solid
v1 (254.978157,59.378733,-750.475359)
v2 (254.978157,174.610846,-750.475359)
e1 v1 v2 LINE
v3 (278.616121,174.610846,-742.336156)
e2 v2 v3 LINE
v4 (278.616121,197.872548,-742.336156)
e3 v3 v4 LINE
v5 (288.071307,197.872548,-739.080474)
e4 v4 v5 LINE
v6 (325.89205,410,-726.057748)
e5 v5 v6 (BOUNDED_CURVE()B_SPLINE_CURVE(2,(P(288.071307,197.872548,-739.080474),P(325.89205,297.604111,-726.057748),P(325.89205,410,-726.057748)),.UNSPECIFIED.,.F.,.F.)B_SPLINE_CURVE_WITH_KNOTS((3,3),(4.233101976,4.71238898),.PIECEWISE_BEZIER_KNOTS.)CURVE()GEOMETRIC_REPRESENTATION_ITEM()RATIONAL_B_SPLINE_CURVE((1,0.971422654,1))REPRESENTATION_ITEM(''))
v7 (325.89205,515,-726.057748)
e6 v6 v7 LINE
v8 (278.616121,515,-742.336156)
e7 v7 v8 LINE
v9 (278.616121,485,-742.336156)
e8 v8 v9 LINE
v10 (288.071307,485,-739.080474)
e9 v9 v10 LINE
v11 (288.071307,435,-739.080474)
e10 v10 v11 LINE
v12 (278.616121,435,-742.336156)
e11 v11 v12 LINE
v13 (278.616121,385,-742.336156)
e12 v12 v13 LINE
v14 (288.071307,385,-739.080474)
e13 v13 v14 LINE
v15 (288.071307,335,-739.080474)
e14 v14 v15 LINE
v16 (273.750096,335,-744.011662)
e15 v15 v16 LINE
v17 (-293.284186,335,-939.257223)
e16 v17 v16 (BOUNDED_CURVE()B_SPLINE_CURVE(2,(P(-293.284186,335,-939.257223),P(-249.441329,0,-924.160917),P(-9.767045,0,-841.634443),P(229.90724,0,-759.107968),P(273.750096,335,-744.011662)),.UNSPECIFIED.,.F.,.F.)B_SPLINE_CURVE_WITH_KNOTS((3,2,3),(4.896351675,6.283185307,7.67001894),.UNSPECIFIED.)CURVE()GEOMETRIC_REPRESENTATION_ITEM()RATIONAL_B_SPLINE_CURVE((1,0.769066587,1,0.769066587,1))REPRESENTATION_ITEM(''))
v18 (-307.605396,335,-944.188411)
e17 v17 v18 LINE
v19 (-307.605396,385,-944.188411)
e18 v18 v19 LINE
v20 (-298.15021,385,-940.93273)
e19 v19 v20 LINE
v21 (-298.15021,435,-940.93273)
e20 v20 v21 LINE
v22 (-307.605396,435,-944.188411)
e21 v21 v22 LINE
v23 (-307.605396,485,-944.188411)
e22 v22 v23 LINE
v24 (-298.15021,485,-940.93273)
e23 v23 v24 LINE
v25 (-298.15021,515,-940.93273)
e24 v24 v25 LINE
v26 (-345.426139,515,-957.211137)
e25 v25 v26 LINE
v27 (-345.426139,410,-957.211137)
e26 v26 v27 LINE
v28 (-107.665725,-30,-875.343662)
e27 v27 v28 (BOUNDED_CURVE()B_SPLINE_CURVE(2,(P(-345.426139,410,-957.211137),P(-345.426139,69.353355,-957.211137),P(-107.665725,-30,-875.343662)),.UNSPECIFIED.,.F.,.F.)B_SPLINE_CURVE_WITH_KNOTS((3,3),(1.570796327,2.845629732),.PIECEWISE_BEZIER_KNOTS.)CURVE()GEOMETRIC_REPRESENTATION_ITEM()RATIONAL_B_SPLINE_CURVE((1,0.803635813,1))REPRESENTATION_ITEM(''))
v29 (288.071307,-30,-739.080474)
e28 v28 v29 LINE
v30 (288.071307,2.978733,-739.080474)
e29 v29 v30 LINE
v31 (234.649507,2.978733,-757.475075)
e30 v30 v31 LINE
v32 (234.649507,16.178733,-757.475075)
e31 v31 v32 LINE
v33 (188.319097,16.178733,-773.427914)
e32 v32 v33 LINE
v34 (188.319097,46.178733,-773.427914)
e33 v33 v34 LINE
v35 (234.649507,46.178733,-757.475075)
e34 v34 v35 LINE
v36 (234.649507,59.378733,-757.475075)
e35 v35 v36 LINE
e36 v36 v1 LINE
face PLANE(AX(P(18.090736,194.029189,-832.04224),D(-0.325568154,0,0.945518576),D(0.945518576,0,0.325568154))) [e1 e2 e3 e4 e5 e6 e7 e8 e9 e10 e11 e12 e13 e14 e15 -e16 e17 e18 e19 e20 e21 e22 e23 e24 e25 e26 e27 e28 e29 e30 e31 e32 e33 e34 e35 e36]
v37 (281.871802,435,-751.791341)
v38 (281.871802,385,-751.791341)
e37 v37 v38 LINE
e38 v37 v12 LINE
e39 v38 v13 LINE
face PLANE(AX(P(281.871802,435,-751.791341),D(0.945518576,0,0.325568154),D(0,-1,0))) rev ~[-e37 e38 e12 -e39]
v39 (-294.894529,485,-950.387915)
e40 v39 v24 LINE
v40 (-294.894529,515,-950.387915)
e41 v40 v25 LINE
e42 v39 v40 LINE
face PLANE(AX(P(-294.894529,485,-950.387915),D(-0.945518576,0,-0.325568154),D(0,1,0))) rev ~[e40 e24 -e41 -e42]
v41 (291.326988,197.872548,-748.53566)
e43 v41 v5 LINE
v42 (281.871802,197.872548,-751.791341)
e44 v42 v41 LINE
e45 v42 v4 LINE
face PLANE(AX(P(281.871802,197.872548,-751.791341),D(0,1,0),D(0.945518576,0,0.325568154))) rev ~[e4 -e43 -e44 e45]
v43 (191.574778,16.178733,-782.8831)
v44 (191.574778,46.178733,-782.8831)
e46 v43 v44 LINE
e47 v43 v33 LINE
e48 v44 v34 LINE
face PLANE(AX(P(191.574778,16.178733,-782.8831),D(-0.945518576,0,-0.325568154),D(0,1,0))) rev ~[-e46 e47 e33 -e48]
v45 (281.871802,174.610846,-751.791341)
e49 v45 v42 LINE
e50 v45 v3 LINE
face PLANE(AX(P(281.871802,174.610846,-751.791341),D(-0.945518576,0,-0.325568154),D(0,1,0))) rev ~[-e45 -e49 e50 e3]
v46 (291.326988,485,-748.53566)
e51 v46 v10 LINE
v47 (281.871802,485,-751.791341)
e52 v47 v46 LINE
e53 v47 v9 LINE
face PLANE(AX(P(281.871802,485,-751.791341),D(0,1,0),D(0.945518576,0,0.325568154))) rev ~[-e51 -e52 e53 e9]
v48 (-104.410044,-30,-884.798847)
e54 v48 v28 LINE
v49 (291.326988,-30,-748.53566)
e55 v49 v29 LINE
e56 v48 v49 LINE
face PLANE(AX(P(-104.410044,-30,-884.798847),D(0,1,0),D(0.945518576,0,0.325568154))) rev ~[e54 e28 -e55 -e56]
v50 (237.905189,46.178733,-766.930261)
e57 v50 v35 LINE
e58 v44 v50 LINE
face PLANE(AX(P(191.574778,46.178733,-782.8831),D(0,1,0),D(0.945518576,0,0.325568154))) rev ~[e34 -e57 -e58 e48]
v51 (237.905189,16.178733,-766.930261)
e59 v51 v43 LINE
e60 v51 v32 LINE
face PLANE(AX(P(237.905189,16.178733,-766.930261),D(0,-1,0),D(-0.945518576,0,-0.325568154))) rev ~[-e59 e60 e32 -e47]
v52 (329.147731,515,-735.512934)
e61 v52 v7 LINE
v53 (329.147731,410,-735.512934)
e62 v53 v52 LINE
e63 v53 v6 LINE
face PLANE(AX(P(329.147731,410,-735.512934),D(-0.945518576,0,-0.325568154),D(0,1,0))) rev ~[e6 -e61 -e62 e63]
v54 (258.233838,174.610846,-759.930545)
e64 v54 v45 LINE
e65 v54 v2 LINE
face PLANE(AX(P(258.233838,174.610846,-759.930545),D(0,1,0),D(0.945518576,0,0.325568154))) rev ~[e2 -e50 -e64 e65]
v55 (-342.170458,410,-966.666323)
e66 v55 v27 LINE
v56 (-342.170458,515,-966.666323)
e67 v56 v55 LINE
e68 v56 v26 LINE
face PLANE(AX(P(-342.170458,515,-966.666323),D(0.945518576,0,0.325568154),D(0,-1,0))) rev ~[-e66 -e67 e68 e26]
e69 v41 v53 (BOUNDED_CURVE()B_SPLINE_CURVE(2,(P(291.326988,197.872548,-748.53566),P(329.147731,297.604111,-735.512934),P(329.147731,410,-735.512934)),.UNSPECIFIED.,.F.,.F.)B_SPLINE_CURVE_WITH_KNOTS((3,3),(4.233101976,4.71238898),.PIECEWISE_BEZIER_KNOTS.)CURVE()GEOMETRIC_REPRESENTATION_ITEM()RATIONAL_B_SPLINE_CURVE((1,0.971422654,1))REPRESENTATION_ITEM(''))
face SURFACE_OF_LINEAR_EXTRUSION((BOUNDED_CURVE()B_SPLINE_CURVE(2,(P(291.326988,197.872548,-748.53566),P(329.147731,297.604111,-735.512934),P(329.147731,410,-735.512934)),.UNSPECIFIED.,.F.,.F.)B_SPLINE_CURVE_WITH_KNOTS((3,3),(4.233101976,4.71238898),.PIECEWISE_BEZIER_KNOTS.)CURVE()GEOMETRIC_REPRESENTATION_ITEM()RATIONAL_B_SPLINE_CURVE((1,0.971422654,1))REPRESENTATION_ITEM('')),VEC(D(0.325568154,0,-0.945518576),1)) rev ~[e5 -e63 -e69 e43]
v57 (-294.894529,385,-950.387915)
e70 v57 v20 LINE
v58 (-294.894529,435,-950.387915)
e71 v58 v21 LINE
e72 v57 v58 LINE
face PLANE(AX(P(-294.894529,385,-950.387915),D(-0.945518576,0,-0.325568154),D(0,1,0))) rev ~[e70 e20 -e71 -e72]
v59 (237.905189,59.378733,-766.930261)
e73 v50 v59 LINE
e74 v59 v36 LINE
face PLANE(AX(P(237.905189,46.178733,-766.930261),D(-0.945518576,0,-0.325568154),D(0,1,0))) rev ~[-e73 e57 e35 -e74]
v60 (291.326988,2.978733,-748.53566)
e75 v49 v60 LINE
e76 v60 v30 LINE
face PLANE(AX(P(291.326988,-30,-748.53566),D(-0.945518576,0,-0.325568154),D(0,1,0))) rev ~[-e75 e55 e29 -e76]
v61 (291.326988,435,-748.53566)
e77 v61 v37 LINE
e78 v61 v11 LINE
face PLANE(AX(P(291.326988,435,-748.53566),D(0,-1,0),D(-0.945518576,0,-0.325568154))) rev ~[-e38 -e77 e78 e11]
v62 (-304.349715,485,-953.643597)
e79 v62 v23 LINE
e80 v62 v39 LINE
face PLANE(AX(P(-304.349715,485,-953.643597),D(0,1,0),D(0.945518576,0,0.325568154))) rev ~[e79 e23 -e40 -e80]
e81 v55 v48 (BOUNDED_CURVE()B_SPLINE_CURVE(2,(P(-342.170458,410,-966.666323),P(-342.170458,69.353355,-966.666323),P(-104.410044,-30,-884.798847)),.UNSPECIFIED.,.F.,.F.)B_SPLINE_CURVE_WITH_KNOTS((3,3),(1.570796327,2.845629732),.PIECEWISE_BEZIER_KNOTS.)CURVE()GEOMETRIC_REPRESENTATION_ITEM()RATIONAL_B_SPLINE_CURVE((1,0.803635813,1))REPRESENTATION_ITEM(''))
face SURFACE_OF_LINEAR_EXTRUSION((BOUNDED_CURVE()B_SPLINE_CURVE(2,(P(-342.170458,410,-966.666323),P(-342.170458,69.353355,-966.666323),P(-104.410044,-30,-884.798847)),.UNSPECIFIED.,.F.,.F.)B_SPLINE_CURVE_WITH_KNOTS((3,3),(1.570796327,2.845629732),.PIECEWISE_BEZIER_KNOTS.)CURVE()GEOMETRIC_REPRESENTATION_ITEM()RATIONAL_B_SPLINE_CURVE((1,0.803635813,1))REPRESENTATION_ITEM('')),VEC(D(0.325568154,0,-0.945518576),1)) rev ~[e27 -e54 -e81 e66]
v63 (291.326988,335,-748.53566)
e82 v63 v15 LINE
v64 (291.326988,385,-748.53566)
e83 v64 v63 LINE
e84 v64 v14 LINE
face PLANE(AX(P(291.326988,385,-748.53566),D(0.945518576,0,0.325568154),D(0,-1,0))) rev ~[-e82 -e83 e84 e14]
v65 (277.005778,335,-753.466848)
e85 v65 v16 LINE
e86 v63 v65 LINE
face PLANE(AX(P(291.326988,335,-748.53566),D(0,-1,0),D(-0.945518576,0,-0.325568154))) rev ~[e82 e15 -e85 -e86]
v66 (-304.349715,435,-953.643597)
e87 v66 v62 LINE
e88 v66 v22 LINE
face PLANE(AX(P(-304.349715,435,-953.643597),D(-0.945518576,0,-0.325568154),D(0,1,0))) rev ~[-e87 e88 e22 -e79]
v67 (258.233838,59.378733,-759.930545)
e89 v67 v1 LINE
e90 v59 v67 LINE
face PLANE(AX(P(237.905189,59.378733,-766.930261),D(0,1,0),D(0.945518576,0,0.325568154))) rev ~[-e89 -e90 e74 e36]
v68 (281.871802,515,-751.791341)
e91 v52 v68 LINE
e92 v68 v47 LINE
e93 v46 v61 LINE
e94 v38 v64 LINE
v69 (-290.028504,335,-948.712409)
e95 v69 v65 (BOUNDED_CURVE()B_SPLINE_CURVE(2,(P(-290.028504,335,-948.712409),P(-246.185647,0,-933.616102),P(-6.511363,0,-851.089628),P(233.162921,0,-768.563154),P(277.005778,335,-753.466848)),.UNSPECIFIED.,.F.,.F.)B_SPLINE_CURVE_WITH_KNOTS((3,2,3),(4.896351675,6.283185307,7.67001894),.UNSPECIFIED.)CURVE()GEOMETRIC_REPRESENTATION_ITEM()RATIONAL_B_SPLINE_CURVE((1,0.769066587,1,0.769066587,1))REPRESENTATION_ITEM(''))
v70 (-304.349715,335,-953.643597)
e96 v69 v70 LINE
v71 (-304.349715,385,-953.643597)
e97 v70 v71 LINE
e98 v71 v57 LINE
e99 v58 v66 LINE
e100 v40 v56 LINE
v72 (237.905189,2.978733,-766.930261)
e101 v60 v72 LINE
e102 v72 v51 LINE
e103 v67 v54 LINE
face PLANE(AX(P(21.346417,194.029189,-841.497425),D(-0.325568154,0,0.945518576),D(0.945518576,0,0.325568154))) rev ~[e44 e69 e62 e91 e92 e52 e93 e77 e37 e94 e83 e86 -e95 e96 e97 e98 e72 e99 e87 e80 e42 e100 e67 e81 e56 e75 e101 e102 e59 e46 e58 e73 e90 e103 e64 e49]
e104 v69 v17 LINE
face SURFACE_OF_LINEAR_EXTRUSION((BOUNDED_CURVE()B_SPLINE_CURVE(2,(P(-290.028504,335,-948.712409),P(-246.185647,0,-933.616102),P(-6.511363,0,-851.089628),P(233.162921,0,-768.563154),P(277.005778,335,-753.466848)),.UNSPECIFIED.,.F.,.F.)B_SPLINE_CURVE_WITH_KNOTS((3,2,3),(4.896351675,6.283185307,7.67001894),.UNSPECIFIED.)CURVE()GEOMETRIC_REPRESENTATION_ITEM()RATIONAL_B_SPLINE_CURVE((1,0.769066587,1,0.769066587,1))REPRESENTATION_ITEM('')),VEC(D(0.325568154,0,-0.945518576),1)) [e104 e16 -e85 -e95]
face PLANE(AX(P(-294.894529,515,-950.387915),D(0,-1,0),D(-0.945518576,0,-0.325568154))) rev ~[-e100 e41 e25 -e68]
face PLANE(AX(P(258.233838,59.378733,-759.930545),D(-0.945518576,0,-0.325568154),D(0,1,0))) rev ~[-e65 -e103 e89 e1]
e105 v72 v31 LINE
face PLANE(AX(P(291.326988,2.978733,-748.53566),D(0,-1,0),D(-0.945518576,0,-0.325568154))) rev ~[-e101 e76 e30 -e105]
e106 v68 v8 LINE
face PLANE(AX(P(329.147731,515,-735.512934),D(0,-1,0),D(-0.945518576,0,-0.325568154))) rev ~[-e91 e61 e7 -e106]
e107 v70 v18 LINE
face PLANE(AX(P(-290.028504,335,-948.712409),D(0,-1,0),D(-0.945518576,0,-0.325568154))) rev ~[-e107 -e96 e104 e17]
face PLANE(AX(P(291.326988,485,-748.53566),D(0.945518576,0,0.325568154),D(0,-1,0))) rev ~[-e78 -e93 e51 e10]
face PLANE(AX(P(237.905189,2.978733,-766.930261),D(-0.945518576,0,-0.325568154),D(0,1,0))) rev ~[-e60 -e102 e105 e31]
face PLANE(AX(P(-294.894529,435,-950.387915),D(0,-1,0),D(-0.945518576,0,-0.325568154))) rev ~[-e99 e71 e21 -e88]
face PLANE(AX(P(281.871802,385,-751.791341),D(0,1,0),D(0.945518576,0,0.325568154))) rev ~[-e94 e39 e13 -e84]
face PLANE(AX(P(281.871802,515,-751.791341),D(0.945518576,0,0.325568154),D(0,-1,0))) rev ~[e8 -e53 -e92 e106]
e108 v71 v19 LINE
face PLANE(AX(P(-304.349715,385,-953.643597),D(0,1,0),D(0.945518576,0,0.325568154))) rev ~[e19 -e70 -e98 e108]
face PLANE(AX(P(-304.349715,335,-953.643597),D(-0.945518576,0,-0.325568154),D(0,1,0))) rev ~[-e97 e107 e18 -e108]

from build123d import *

# Parameters (mm, degrees)
BOSS_EXTRUDE1_DEPTH = 10


with BuildPart() as part:
    # Sketch4 → Boss-Extrude1 (new body)
    with BuildSketch(Plane(origin=(261.301378678, 0, -758.874306307), x_dir=(0.945518576, 0, 0.325568154), z_dir=(-0.325568154, 0, 0.945518576))):
        with BuildLine():
            Line((21.755705622, 515), (21.755705622, 485))
            Line((21.755705622, 485), (31.755705622, 485))
            Line((31.755705622, 485), (31.755705622, 435))
            Line((31.755705622, 435), (21.755705622, 435))
            Line((21.755705622, 435), (21.755705622, 385))
            Line((21.755705622, 385), (31.755705622, 385))
            Line((31.755705622, 385), (31.755705622, 335))
            Line((31.755705622, 335), (21.755705622, 335))
            Line((21.755705622, 335), (16.60929745, 335))
            add(Edge.make_bspline(
                [(-583.097886205, 335), (-536.728774067, 0), (-283.244294378, 0), (-29.759814689, 0), (16.60929745, 335)],
                knots=[4.896351675, 4.896351675, 4.896351675, 6.283185307, 6.283185307, 7.67001894, 7.67001894, 7.67001894], degree=2, weights=[1, 0.769066587, 1, 0.769066587, 1]))
            Line((-583.097886205, 335), (-588.244294378, 335))
            Line((-588.244294378, 335), (-598.244294378, 335))
            Line((-598.244294378, 335), (-598.244294378, 385))
            Line((-598.244294378, 385), (-588.244294378, 385))
            Line((-588.244294378, 385), (-588.244294378, 435))
            Line((-588.244294378, 435), (-598.244294378, 435))
            Line((-598.244294378, 435), (-598.244294378, 485))
            Line((-598.244294378, 485), (-588.244294378, 485))
            Line((-588.244294378, 485), (-588.244294378, 515))
            Line((-588.244294378, 515), (-638.244294378, 515))
            Line((-638.244294378, 515), (-638.244294378, 410))
            add(Edge.make_bspline(
                [(-638.244294378, 410), (-638.244294378, 69.353354952), (-386.783963771, -30)],
                knots=[1.570796327, 1.570796327, 1.570796327, 2.845629732, 2.845629732, 2.845629732], degree=2, weights=[1, 0.803635813, 1]))
            Line((-386.783963771, -30), (-179.704624985, -30))
            Line((-179.704624985, -30), (31.755705622, -30))
            Line((31.755705622, -30), (31.755705622, 2.978733327))
            Line((31.755705622, 2.978733327), (21.755705622, 2.978733327))
            Line((21.755705622, 2.978733327), (-3.244294378, 2.978733327))
            Line((-3.244294378, 2.978733327), (-24.744294378, 2.978733327))
            Line((-24.744294378, 2.978733327), (-24.744294378, 16.178733327))
            Line((-24.744294378, 16.178733327), (-73.744294378, 16.178733327))
            Line((-73.744294378, 16.178733327), (-73.744294378, 46.178733327))
            Line((-73.744294378, 46.178733327), (-24.744294378, 46.178733327))
            Line((-24.744294378, 46.178733327), (-24.744294378, 59.378733327))
            Line((-24.744294378, 59.378733327), (-3.244294378, 59.378733327))
            Line((-3.244294378, 59.378733327), (-3.244294378, 127.221118093))
            Line((-3.244294378, 127.221118093), (-3.244294378, 174.61084571))
            Line((-3.244294378, 174.61084571), (21.755705622, 174.61084571))
            Line((21.755705622, 174.61084571), (21.755705622, 197.872547884))
            Line((21.755705622, 197.872547884), (31.755705622, 197.872547884))
            add(Edge.make_bspline(
                [(31.755705622, 197.872547884), (71.755705622, 297.604111192), (71.755705622, 410)],
                knots=[4.233101976, 4.233101976, 4.233101976, 4.71238898, 4.71238898, 4.71238898], degree=2, weights=[1, 0.971422654, 1]))
            Line((71.755705622, 410), (71.755705622, 515))
            Line((71.755705622, 515), (21.755705622, 515))
        make_face()
    extrude(amount=BOSS_EXTRUDE1_DEPTH)


solid = part.part
